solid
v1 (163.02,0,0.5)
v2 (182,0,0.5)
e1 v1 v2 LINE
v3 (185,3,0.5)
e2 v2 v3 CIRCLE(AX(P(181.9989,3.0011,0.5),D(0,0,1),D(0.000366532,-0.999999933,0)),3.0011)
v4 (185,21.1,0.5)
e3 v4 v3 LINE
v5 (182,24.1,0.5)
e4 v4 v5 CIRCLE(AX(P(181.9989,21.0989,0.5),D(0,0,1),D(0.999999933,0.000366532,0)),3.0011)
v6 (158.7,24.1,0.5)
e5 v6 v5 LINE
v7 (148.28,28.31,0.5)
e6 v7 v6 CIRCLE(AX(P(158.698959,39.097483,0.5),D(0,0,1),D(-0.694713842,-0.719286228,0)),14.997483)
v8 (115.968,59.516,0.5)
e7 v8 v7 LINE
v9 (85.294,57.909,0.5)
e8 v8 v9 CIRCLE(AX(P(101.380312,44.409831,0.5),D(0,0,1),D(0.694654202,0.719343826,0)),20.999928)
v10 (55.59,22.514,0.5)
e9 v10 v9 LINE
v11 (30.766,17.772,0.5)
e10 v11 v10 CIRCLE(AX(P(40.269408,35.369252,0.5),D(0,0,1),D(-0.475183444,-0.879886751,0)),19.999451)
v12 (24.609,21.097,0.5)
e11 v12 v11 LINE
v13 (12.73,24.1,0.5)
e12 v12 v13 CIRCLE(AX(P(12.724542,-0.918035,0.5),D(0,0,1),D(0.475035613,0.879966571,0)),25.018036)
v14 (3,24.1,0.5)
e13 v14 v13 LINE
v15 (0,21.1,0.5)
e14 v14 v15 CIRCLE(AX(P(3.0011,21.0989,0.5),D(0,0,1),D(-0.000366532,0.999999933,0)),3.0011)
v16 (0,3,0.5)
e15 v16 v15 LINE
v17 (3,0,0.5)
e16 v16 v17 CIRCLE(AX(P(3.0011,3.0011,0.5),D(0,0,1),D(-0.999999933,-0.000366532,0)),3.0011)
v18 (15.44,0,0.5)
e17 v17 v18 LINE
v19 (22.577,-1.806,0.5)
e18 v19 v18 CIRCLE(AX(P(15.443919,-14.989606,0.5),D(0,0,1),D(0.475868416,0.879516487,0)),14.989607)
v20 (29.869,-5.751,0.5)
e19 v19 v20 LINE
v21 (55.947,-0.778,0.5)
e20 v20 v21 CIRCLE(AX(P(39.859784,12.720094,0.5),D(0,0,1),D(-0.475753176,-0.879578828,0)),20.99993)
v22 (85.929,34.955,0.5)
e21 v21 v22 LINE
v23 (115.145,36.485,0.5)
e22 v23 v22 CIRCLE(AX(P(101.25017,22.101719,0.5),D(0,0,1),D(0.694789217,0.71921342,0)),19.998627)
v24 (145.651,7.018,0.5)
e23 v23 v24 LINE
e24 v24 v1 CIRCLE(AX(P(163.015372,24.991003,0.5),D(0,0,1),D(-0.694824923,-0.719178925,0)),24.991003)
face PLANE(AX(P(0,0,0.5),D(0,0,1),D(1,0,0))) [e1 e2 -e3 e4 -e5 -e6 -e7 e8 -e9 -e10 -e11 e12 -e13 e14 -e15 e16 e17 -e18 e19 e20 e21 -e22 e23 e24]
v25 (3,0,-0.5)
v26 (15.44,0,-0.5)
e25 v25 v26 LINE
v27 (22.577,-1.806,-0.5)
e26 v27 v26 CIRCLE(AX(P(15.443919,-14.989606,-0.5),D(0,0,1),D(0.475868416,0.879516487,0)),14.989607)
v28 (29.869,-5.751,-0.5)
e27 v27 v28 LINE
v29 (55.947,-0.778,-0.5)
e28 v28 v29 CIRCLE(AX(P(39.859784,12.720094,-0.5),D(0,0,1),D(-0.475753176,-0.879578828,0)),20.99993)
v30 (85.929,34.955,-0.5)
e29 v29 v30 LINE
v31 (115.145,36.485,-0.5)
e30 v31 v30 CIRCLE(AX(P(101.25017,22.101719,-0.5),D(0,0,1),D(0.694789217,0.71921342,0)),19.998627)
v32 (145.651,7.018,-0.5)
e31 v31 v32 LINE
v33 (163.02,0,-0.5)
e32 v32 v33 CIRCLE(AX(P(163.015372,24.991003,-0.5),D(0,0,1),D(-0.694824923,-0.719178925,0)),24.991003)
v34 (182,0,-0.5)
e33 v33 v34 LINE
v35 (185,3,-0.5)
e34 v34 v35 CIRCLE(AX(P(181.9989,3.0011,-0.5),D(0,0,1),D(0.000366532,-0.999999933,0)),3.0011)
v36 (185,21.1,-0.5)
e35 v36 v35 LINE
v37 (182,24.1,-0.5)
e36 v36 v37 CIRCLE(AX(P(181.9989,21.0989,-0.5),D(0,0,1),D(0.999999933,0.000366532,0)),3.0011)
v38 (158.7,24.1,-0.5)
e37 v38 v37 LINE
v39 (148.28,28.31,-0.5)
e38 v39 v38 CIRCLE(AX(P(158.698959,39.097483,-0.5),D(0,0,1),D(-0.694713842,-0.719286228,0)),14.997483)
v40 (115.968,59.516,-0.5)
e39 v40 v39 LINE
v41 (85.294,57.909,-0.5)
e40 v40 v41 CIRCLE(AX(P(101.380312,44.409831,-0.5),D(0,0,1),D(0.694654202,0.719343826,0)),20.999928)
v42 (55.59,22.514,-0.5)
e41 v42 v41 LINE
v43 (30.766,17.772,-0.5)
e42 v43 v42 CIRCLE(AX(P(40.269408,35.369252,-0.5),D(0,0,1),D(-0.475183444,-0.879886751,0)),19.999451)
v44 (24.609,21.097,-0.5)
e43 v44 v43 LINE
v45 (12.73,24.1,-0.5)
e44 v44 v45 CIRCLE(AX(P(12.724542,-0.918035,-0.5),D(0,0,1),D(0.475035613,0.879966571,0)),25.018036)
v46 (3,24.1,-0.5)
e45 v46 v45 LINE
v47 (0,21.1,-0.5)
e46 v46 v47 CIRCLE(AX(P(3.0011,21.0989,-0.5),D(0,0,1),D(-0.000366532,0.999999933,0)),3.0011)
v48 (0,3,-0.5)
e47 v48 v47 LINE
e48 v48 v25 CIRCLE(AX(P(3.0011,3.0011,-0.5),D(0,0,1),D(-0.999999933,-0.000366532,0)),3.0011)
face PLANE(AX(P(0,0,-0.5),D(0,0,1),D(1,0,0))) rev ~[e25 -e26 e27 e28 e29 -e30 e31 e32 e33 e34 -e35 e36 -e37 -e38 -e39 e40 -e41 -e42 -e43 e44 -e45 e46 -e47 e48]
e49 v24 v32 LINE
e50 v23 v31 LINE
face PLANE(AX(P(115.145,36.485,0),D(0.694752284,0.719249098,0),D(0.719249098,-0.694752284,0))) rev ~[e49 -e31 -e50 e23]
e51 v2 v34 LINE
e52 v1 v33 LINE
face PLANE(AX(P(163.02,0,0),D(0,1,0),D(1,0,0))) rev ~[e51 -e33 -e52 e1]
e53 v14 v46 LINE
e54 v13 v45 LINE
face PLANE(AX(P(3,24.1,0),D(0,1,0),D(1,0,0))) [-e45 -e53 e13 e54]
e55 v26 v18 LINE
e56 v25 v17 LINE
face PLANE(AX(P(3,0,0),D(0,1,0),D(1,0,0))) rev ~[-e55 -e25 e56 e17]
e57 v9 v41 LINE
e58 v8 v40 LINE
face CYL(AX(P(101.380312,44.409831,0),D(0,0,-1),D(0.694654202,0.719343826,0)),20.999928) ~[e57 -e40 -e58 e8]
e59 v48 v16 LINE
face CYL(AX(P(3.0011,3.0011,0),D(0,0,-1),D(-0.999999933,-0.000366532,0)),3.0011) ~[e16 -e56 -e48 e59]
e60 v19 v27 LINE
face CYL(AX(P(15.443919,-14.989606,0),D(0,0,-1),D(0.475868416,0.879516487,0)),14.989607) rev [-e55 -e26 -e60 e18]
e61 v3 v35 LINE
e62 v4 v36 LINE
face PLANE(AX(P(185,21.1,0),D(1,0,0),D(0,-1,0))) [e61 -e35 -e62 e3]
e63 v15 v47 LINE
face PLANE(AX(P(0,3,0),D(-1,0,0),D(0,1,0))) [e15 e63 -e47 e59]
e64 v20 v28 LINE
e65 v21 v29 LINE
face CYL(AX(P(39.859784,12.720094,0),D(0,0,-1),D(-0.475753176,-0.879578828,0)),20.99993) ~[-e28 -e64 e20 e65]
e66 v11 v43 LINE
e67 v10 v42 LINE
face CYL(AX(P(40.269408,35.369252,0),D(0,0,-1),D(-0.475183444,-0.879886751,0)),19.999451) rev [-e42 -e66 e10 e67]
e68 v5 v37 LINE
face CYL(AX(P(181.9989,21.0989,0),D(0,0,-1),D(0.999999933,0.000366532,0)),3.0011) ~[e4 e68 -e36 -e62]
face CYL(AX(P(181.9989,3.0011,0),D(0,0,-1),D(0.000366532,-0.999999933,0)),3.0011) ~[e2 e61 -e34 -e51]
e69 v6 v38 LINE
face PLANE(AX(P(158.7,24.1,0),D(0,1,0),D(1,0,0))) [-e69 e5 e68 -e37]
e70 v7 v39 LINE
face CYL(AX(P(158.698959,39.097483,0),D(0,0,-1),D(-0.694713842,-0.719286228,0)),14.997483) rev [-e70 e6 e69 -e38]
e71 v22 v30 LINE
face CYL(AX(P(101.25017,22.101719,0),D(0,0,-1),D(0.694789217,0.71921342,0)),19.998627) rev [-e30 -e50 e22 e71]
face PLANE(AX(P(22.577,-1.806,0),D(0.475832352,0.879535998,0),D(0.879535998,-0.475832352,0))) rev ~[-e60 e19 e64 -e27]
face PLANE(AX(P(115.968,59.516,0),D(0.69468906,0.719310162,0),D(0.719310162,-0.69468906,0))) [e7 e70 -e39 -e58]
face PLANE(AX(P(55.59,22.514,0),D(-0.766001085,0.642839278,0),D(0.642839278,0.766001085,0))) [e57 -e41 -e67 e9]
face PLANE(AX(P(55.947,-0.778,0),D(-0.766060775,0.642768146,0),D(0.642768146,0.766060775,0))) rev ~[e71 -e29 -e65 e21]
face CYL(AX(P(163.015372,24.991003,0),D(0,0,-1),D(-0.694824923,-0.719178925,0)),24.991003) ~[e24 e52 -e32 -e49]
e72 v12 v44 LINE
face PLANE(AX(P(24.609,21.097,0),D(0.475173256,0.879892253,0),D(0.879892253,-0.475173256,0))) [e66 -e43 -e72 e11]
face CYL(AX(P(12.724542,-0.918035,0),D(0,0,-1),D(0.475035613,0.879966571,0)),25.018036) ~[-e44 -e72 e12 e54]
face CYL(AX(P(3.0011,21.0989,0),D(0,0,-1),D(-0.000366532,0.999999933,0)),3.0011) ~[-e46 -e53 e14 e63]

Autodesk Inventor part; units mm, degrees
ref_plane "YZ Plane" through (0, 0, 0) normal (1, 0, 0) x (0, 1, 0)
ref_plane "XZ Plane" through (0, 0, 0) normal (0, 1, 0) x (-1, 0, 0)
ref_plane "XY Plane" through (0, 0, 0) normal (0, 0, 1) x (1, 0, 0)
sketch "Sketch1" plane through (0, 0, 0) normal (0, 0, 1) x (1, 0, 0)
  arc A0 (0, 3) -> (3, 0) centre (3.0011, 3.0011) ccw
  line L0 (3, 0) -> (15.44, 0)
  arc A1 (22.577, -1.806) -> (15.44, 0) centre (15.444, -14.9894) ccw
  line L1 (22.577, -1.806) -> (29.869, -5.751)
  arc A2 (29.869, -5.751) -> (55.947, -0.778) centre (39.8598, 12.7202) ccw
  line L2 (55.947, -0.778) -> (85.929, 34.955)
  arc A3 (115.145, 36.485) -> (85.929, 34.955) centre (101.2502, 22.1018) ccw
  line L3 (115.145, 36.485) -> (145.651, 7.018)
  arc A4 (145.651, 7.018) -> (163.02, 0) centre (163.0155, 24.9912) ccw
  line L4 (163.02, 0) -> (182, 0)
  arc A5 (182, 0) -> (185, 3) centre (181.9989, 3.0011) ccw
  line L5 (0, 3) -> (0, 21.1)
  arc A6 (3, 24.1) -> (0, 21.1) centre (3.0011, 21.0989) ccw
  line L6 (3, 24.1) -> (12.73, 24.1)
  arc A7 (24.609, 21.097) -> (12.73, 24.1) centre (12.7244, -0.9184) ccw
  line L7 (24.609, 21.097) -> (30.766, 17.772)
  arc A8 (30.766, 17.772) -> (55.59, 22.514) centre (40.2694, 35.3692) ccw
  line L8 (55.59, 22.514) -> (85.294, 57.909)
  arc A9 (115.968, 59.516) -> (85.294, 57.909) centre (101.3803, 44.4098) ccw
  line L9 (115.968, 59.516) -> (148.28, 28.31)
  arc A10 (148.28, 28.31) -> (158.7, 24.1) centre (158.6991, 39.0977) ccw
  line L10 (158.7, 24.1) -> (182, 24.1)
  arc A11 (185, 21.1) -> (182, 24.1) centre (181.9989, 21.0989) ccw
  line L11 (185, 21.1) -> (185, 3)
extrude "Extrusion1" add sketch "Sketch1" along normal mid plane 1
properties part number "Offset"
